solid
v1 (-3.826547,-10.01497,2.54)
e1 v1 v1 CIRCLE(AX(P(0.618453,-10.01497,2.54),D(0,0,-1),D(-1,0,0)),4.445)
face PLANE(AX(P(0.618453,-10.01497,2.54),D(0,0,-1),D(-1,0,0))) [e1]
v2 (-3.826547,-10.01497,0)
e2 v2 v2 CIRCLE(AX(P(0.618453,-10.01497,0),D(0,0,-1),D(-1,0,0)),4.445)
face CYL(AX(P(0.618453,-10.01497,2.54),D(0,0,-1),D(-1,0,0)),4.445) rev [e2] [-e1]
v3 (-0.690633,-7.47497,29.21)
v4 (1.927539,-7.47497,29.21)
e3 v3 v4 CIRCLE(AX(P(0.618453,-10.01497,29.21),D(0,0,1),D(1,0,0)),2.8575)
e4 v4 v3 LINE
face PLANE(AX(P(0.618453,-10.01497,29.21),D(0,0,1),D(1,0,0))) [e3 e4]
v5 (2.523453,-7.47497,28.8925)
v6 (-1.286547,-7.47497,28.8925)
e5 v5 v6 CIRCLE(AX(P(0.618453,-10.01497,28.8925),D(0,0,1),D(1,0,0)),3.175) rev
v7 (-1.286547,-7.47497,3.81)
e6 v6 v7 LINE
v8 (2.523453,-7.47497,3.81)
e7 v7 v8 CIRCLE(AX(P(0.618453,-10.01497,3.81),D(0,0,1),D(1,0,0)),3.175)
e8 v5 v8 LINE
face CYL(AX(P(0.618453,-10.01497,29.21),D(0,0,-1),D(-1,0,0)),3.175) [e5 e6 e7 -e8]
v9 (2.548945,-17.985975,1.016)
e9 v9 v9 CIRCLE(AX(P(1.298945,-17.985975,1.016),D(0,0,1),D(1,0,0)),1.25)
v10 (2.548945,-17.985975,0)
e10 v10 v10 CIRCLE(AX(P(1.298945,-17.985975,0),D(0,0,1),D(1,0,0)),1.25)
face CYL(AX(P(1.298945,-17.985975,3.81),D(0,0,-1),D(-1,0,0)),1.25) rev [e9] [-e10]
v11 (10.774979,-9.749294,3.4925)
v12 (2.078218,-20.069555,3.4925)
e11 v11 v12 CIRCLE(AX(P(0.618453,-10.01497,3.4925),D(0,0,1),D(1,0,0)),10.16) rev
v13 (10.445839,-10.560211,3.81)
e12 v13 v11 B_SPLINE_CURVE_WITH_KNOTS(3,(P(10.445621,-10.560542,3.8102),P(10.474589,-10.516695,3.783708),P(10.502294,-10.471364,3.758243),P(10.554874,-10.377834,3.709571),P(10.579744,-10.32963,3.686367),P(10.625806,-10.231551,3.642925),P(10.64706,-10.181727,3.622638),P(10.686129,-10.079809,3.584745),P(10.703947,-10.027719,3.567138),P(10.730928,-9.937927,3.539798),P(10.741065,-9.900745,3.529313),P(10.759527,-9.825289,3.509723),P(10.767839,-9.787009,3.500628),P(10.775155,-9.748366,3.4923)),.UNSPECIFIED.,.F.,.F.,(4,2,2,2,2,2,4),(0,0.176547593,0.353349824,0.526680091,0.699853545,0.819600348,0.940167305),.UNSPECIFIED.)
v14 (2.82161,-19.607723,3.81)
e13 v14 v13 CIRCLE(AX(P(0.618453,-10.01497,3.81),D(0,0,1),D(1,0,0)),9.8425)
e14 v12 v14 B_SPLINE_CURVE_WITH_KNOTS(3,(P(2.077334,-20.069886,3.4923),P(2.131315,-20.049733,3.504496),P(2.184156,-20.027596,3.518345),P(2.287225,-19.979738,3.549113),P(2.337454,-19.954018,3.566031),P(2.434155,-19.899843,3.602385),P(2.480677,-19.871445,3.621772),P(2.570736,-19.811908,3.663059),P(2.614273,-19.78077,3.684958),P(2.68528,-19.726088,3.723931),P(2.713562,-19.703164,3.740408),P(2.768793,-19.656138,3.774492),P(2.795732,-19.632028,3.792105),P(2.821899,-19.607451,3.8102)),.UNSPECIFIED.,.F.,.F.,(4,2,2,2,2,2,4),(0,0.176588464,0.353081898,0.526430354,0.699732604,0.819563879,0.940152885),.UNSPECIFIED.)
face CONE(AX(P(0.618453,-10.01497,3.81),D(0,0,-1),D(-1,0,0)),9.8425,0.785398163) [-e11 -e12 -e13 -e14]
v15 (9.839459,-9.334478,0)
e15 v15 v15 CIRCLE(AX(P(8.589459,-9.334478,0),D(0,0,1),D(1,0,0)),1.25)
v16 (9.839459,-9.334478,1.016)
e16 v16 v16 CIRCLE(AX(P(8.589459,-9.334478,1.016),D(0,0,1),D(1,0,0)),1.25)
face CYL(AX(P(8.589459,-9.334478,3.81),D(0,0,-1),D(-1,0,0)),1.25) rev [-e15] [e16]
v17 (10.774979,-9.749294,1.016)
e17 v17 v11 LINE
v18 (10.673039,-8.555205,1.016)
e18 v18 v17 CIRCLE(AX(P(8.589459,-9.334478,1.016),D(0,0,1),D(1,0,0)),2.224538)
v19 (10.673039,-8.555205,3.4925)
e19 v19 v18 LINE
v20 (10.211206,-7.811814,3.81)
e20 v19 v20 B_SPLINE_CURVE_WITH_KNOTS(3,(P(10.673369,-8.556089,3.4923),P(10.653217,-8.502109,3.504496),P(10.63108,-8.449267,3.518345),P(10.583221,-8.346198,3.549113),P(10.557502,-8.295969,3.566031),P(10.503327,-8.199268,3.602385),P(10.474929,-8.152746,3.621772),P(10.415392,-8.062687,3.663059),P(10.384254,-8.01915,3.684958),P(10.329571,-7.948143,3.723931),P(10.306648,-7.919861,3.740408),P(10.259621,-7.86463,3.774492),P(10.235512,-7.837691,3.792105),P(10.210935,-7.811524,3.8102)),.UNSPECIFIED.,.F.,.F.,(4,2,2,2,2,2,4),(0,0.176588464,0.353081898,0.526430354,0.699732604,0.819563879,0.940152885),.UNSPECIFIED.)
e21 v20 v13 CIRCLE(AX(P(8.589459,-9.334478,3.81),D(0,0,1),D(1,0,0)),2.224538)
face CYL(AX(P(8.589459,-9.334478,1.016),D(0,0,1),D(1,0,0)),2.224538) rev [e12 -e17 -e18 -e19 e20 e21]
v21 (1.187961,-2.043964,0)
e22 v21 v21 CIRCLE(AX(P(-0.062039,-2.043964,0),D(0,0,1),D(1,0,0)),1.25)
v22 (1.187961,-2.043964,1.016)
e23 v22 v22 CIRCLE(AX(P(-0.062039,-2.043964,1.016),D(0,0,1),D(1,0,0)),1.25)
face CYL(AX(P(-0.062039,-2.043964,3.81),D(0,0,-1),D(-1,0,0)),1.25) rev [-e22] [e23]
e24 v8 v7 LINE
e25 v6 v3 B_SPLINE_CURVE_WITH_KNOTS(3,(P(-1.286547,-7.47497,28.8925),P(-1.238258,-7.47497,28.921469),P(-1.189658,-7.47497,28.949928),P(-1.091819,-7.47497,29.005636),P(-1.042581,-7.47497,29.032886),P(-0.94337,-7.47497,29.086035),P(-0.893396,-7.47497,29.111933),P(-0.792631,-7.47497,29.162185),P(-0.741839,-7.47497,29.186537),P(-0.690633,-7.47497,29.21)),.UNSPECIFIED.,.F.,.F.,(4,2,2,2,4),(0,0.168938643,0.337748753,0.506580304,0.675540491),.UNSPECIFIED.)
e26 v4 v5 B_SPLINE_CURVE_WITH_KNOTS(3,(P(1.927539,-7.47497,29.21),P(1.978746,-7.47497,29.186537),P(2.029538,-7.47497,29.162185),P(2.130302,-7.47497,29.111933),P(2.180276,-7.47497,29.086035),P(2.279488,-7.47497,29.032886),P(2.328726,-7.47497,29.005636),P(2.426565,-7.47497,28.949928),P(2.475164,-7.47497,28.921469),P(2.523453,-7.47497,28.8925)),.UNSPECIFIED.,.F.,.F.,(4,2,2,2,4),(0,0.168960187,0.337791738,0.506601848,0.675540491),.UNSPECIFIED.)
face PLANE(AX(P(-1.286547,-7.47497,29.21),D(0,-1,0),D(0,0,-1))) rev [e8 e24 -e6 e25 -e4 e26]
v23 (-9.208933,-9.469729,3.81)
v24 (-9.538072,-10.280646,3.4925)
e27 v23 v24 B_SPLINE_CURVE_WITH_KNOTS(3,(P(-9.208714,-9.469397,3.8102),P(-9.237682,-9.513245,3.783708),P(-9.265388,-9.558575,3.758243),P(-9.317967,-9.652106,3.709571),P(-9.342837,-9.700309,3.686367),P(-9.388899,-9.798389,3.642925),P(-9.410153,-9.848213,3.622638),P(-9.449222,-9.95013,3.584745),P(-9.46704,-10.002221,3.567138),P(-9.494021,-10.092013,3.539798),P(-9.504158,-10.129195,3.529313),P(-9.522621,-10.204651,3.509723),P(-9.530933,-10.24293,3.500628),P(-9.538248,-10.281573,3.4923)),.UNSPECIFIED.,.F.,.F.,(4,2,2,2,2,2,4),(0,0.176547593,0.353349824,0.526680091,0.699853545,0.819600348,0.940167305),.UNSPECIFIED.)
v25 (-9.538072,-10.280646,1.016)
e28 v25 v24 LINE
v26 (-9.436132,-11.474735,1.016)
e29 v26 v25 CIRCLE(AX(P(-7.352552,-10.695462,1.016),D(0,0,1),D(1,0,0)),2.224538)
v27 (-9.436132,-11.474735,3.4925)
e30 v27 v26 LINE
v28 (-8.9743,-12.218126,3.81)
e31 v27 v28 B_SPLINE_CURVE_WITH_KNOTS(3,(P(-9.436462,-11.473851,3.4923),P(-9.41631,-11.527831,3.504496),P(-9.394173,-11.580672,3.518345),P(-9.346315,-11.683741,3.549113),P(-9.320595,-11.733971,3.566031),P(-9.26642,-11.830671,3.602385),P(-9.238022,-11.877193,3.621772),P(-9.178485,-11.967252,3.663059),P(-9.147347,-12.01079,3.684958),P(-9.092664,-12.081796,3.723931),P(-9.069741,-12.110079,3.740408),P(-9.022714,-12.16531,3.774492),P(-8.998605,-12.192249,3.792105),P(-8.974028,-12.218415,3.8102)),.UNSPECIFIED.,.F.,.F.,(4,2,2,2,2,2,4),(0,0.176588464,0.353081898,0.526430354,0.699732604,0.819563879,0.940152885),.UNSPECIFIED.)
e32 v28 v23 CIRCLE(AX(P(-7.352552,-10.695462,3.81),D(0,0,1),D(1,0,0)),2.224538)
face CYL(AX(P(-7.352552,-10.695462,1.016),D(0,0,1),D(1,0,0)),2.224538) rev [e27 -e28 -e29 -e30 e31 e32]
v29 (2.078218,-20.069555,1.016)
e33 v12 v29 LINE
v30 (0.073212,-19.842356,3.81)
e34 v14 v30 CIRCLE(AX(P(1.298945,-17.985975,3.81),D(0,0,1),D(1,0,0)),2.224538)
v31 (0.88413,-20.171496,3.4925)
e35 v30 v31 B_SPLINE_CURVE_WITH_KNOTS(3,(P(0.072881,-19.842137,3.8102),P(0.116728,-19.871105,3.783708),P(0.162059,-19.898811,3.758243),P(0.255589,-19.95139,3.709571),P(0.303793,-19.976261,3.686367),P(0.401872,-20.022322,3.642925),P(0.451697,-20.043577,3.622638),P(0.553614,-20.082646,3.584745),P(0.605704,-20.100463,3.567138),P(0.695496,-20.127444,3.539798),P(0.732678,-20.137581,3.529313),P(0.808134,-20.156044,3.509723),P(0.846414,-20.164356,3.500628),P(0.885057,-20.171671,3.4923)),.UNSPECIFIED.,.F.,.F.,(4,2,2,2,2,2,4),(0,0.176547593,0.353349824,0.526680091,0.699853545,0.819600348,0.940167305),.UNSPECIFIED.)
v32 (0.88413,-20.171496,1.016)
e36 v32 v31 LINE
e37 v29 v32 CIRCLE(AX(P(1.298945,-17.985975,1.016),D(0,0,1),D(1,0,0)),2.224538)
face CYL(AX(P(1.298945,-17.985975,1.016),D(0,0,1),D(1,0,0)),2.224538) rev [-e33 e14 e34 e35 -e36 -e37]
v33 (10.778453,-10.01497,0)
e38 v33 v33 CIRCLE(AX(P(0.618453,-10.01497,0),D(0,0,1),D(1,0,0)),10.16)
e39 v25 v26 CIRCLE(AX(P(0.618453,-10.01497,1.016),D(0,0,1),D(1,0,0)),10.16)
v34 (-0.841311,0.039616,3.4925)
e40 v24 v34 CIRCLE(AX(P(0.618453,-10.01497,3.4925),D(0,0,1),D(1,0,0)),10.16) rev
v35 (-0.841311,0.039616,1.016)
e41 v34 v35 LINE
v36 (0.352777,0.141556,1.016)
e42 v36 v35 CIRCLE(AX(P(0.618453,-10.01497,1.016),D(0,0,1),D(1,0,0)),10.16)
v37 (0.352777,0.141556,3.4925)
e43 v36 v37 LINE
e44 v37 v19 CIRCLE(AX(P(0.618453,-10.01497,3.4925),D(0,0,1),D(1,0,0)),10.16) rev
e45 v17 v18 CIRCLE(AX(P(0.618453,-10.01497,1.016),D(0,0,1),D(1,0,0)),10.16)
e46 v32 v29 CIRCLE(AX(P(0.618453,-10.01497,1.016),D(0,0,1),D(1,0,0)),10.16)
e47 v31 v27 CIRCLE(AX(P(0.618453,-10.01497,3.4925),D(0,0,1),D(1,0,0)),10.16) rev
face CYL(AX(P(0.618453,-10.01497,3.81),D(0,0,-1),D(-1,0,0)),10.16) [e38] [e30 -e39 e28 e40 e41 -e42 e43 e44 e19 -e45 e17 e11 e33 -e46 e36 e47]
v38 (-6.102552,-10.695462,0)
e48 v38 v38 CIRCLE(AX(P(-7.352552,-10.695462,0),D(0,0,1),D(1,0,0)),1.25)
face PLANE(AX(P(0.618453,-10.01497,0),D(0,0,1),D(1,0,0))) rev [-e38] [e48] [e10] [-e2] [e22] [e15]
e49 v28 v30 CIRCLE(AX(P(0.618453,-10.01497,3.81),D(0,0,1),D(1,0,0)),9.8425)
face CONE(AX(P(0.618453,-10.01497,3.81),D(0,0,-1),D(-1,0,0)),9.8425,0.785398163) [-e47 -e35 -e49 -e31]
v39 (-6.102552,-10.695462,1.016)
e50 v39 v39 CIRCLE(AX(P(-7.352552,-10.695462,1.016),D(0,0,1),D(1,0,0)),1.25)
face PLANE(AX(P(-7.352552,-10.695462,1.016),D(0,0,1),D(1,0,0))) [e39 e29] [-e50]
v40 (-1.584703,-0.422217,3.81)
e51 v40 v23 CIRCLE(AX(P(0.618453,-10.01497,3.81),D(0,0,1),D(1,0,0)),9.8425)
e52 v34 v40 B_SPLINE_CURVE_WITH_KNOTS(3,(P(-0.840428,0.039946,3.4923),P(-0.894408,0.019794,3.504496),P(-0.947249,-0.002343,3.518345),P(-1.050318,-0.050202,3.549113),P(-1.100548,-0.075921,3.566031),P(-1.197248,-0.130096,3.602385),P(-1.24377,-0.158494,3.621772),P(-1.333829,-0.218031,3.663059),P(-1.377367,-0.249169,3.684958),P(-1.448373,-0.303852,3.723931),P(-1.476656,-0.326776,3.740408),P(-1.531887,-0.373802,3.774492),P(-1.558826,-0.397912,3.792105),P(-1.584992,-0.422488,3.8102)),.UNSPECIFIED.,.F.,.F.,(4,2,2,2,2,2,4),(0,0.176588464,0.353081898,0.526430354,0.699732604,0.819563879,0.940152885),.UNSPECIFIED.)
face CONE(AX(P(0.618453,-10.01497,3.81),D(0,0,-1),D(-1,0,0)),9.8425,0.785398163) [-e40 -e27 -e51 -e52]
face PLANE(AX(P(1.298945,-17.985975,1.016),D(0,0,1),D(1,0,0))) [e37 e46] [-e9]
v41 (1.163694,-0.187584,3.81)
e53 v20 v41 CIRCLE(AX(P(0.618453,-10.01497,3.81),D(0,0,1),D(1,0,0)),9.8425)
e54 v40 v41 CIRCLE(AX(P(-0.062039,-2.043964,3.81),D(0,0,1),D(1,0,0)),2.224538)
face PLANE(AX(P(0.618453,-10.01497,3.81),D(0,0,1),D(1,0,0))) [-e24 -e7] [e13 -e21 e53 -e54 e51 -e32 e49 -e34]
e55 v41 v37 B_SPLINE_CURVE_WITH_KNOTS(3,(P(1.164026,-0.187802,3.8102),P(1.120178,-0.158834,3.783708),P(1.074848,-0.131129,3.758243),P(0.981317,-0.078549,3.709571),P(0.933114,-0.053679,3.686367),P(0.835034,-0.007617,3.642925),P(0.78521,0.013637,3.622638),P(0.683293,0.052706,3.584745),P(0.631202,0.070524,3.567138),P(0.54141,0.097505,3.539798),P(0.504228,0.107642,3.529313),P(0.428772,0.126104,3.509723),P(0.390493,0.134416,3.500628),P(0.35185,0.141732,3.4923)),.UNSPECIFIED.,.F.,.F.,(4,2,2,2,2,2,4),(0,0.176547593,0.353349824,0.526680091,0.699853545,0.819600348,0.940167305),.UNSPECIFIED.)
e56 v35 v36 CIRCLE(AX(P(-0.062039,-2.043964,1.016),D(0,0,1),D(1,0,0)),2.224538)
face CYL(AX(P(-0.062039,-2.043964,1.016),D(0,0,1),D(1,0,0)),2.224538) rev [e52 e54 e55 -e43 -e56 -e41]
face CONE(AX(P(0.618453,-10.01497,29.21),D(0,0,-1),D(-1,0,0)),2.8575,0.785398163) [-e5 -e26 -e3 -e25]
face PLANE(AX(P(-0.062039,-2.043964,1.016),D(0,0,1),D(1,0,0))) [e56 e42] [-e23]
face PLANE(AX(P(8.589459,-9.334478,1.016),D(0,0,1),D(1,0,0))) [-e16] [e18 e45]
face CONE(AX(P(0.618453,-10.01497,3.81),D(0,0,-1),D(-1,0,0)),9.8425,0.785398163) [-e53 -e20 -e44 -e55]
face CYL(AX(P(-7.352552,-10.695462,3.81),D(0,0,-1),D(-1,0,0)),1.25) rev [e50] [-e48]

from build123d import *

# Parameters (mm, degrees)
ESQUISSE1_R             = 10.16
ESQUISSE1_R_2           = 1.25
BOSS_EXTRU_2_DEPTH      = 3.81
BOSS_EXTRU_3_DEPTH      = 25.4
CHANFREIN1_SIZE         = 0.3175
ESQUISSE3_R             = 4.445
ENL_V_MAT_EXTRU_1_DEPTH = 2.54
ESQUISSE4_R             = 2.224538278
ENL_V_MAT_EXTRU_6_DEPTH = 2.794


with BuildPart() as part:
    # Esquisse1 → Boss.-Extru.2 (new body)
    with BuildSketch(Plane.XY):
        with Locations((0.618453307, -10.014969778)):
            Circle(ESQUISSE1_R)
        with Locations((8.589458927, -9.334477749)):
            Circle(ESQUISSE1_R_2, mode=Mode.SUBTRACT)
        with Locations((1.298945336, -17.985975399)):
            Circle(ESQUISSE1_R_2, mode=Mode.SUBTRACT)
        with Locations((-7.352552313, -10.695461808)):
            Circle(ESQUISSE1_R_2, mode=Mode.SUBTRACT)
        with Locations((-0.062038722, -2.043964158)):
            Circle(ESQUISSE1_R_2, mode=Mode.SUBTRACT)
    extrude(amount=BOSS_EXTRU_2_DEPTH)

    # Esquisse2 → Boss.-Extru.3 (add)
    with BuildSketch(Plane.XY.offset(3.81)):
        with BuildLine():
            Line((-1.286546693, -7.474969778), (2.523453307, -7.474969778))
            ThreePointArc((2.523453307, -7.474969778), (0.618453307, -13.189969778), (-1.286546693, -7.474969778))
        make_face()
    extrude(amount=BOSS_EXTRU_3_DEPTH)

    # Chanfrein1
    chanfrein1_edges = [part.edges().sort_by_distance(p)[0] for p in [
        (0.618453307, -13.189969778, 29.21),
        (-9.541546693, -10.014969778, 3.81),
    ]]
    chamfer(chanfrein1_edges, length=CHANFREIN1_SIZE)

    # Esquisse3 → Enlèv. mat.-Extru.1 (cut)
    with BuildSketch(Plane(origin=(0, 0, 0), x_dir=(-1, 0, 0), z_dir=(0, 0, -1))):
        with Locations((-0.618453307, -10.014969778)):
            Circle(ESQUISSE3_R)
    extrude(amount=-ENL_V_MAT_EXTRU_1_DEPTH, mode=Mode.SUBTRACT)

    # Esquisse4 → Enlèv. mat.-Extru.6 (cut)
    with BuildSketch(Plane.XY.offset(3.81)):
        with Locations((-0.062038722, -2.043964158)):
            Circle(ESQUISSE4_R)
        with Locations((8.589458927, -9.334477749)):
            Circle(ESQUISSE4_R)
        with Locations((1.298945336, -17.985975399)):
            Circle(ESQUISSE4_R)
        with Locations((-7.352552313, -10.695461808)):
            Circle(ESQUISSE4_R)
    extrude(amount=-ENL_V_MAT_EXTRU_6_DEPTH, mode=Mode.SUBTRACT)


solid = part.part
